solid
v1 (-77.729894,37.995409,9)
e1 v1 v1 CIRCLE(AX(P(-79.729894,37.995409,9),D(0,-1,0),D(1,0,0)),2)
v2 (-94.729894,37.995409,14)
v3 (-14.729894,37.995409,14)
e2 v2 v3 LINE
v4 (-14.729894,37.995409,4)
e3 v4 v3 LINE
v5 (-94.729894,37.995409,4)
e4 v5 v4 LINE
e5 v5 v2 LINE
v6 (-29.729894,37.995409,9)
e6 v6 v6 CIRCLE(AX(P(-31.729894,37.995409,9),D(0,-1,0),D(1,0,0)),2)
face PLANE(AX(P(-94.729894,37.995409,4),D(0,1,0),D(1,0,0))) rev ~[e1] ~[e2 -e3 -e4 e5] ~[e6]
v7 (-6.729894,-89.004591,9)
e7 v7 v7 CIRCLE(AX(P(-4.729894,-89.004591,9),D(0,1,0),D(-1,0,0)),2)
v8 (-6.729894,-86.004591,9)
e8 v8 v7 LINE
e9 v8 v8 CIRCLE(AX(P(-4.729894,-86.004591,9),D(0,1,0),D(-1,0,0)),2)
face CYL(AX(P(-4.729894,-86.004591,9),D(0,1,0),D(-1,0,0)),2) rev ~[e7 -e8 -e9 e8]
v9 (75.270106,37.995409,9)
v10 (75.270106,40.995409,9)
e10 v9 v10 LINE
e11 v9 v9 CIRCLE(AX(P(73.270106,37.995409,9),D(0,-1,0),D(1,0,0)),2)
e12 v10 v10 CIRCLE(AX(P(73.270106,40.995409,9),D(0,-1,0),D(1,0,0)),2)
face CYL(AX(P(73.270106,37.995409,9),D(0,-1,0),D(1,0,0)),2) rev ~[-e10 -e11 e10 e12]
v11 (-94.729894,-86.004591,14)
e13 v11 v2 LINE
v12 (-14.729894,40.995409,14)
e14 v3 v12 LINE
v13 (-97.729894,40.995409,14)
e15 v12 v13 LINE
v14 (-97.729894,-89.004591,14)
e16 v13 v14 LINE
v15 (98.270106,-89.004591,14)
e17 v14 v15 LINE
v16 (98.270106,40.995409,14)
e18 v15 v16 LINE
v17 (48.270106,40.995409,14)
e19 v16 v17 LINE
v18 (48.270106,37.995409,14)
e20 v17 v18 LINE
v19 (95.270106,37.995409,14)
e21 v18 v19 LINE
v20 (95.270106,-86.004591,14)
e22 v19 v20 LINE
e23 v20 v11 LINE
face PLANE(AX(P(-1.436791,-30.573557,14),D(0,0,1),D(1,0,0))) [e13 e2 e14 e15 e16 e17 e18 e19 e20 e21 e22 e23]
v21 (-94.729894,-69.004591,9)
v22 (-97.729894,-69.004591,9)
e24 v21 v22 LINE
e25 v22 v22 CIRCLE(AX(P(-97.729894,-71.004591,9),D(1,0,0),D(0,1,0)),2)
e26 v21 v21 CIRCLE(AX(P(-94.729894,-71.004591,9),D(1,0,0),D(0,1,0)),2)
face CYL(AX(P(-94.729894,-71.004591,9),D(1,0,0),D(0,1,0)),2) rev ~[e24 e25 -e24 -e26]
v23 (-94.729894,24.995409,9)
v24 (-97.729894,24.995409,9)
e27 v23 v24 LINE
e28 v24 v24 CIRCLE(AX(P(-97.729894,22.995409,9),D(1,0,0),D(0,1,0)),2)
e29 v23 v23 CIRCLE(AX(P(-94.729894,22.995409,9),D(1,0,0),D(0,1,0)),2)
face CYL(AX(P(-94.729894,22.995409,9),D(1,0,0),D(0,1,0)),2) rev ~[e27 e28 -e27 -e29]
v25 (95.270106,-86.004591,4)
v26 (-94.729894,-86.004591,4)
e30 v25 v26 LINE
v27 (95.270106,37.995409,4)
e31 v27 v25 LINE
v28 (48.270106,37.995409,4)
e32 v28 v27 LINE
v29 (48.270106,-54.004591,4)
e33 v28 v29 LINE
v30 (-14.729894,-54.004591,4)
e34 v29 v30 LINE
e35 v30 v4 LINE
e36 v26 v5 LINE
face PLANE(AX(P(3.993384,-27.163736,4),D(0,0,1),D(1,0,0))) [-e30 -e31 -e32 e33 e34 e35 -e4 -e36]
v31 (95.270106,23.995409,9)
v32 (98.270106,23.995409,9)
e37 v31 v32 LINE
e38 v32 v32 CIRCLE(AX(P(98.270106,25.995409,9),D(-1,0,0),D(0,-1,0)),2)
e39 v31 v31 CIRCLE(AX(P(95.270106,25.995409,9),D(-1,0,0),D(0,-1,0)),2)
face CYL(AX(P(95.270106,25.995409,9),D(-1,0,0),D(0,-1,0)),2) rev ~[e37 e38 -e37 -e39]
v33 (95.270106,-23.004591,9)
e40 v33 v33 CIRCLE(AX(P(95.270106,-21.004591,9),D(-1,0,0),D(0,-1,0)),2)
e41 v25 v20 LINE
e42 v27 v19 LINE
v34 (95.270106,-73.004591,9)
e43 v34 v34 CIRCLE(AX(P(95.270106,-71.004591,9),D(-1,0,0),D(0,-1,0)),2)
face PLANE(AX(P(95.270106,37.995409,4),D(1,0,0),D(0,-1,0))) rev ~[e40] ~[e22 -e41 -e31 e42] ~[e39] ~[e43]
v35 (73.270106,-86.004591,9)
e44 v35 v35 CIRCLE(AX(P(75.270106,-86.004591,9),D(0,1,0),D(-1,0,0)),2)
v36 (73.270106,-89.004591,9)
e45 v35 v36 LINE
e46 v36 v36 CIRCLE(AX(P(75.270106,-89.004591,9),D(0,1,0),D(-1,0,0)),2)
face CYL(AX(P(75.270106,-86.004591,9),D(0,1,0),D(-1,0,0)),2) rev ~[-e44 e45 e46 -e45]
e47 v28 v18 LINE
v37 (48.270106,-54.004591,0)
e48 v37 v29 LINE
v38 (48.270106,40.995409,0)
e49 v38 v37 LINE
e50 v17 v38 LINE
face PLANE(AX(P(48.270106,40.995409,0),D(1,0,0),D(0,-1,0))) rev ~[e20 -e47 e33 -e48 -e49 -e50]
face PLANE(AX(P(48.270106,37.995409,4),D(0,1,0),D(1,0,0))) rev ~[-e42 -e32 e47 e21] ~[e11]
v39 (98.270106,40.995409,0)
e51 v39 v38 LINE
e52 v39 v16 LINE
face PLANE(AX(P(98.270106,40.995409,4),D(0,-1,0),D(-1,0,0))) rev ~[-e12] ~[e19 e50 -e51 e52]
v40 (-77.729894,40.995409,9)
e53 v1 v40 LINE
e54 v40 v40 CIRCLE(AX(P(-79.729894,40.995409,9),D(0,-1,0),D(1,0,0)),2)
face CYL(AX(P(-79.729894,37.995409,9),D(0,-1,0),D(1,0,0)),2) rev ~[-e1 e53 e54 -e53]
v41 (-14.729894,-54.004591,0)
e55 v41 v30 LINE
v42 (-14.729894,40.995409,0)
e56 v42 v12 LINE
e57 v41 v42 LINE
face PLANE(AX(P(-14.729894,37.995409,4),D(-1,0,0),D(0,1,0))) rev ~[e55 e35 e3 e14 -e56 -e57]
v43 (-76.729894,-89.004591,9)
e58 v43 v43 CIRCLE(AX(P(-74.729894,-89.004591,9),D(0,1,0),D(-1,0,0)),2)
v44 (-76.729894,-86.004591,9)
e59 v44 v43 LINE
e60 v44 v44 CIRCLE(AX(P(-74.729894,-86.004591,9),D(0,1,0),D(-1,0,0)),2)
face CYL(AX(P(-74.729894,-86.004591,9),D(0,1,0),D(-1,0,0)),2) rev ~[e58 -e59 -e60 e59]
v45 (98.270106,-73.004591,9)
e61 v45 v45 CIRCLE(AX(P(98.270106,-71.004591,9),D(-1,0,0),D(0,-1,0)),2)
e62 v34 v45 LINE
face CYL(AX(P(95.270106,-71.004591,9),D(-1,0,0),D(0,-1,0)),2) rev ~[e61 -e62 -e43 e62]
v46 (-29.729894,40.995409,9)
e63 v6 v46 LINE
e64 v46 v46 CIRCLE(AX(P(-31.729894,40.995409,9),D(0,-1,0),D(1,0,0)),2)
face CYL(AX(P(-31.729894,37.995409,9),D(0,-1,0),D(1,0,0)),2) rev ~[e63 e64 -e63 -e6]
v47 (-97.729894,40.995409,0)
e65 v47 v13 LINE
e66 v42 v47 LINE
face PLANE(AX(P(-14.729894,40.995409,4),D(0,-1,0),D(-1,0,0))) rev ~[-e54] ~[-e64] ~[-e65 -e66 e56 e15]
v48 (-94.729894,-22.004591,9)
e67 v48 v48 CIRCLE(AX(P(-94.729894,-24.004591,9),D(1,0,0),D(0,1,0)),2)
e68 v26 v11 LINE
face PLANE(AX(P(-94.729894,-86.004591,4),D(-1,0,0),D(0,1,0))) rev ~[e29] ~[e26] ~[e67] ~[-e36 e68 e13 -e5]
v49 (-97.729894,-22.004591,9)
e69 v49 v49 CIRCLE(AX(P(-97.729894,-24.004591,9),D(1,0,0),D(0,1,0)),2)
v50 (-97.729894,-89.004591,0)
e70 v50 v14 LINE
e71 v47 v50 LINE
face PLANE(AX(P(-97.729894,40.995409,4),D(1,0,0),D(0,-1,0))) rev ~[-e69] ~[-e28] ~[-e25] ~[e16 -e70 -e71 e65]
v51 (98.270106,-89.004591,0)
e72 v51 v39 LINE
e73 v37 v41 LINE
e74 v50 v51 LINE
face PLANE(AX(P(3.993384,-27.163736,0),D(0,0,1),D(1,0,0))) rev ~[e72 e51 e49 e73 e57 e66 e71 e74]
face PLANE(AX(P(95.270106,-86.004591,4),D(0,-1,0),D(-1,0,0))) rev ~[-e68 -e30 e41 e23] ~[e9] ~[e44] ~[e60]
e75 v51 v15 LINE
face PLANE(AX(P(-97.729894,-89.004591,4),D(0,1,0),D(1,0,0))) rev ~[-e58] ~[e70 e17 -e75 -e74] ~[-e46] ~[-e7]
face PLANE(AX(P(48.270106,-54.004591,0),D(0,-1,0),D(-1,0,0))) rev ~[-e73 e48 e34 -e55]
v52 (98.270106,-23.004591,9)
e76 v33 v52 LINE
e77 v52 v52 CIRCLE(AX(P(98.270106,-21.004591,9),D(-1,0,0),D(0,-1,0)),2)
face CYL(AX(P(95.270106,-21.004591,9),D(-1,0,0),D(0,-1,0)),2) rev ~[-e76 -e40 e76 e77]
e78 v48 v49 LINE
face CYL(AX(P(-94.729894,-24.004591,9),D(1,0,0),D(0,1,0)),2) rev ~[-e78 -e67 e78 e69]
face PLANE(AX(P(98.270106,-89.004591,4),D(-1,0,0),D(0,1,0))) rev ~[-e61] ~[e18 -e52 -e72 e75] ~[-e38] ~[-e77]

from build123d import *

# Parameters (mm, degrees)
F1_DEPTH  = 4
F3_DEPTH  = 10
F4_R      = 2
F5_DEPTH  = 5
F7_R      = 2
F8_DEPTH  = 5
F6_R      = 2
F9_DEPTH  = 5
F10_R     = 2
F11_DEPTH = 5


with BuildPart() as f1:
    # F0 (on Top) → F1 (new body)
    with BuildSketch(Plane.XY):
        Polygon((-14.729894, 40.995409), (-97.729894, 40.995409), (-97.729894, -89.004591), (98.270106, -89.004591), (98.270106, 40.995409), (48.270106, 40.995409), (48.270106, -54.004591), (-14.729894, -54.004591), align=None)
    extrude(amount=F1_DEPTH)

    # F2 (on face) → F3 (join)
    with BuildSketch(Plane.XY.offset(4)):
        Polygon((-94.729894, -86.004591), (-94.729894, 37.995409), (-14.729894, 37.995409), (-14.729894, 40.995409), (-97.729894, 40.995409), (-97.729894, -89.004591), (98.270106, -89.004591), (98.270106, 40.995409), (48.270106, 40.995409), (48.270106, 37.995409), (95.270106, 37.995409), (95.270106, -86.004591), align=None)
    extrude(amount=F3_DEPTH)

    # F4 (on face) → F5 (cut)
    with BuildSketch(Plane.YZ.offset(-94.729894)):
        with Locations((22.995409, 9)):
            Circle(F4_R)
        with Locations((-24.004591, 9)):
            Circle(F4_R)
        with Locations((-71.004591, 9)):
            Circle(F4_R)
    extrude(amount=-F5_DEPTH, mode=Mode.SUBTRACT)

    # F7 (on face) → F8 (cut)
    with BuildSketch(Plane(origin=(95.270106, 0, 0), x_dir=(0, -1, 0), z_dir=(-1, 0, 0))):
        with Locations((71.004591, 9)):
            Circle(F7_R)
        with Locations((21.004591, 9)):
            Circle(F7_R)
        with Locations((-25.995409, 9)):
            Circle(F7_R)
    extrude(amount=-F8_DEPTH, mode=Mode.SUBTRACT)

    # F6 (on face) → F9 (cut)
    with BuildSketch(Plane.XZ.offset(-37.995409)):
        with Locations((-79.729894, 9)):
            Circle(F6_R)
        with Locations((-31.729894, 9)):
            Circle(F6_R)
        with Locations((73.270106, 9)):
            Circle(F6_R)
    extrude(amount=-F9_DEPTH, mode=Mode.SUBTRACT)

    # F10 (on face) → F11 (cut)
    with BuildSketch(Plane(origin=(0, -86.004591, 0), x_dir=(-1, 0, 0), z_dir=(0, 1, 0))):
        with Locations((-75.270106, 9)):
            Circle(F10_R)
        with Locations((4.729894, 9)):
            Circle(F10_R)
        with Locations((74.729894, 9)):
            Circle(F10_R)
    extrude(amount=-F11_DEPTH, mode=Mode.SUBTRACT)


solid = f1.part
